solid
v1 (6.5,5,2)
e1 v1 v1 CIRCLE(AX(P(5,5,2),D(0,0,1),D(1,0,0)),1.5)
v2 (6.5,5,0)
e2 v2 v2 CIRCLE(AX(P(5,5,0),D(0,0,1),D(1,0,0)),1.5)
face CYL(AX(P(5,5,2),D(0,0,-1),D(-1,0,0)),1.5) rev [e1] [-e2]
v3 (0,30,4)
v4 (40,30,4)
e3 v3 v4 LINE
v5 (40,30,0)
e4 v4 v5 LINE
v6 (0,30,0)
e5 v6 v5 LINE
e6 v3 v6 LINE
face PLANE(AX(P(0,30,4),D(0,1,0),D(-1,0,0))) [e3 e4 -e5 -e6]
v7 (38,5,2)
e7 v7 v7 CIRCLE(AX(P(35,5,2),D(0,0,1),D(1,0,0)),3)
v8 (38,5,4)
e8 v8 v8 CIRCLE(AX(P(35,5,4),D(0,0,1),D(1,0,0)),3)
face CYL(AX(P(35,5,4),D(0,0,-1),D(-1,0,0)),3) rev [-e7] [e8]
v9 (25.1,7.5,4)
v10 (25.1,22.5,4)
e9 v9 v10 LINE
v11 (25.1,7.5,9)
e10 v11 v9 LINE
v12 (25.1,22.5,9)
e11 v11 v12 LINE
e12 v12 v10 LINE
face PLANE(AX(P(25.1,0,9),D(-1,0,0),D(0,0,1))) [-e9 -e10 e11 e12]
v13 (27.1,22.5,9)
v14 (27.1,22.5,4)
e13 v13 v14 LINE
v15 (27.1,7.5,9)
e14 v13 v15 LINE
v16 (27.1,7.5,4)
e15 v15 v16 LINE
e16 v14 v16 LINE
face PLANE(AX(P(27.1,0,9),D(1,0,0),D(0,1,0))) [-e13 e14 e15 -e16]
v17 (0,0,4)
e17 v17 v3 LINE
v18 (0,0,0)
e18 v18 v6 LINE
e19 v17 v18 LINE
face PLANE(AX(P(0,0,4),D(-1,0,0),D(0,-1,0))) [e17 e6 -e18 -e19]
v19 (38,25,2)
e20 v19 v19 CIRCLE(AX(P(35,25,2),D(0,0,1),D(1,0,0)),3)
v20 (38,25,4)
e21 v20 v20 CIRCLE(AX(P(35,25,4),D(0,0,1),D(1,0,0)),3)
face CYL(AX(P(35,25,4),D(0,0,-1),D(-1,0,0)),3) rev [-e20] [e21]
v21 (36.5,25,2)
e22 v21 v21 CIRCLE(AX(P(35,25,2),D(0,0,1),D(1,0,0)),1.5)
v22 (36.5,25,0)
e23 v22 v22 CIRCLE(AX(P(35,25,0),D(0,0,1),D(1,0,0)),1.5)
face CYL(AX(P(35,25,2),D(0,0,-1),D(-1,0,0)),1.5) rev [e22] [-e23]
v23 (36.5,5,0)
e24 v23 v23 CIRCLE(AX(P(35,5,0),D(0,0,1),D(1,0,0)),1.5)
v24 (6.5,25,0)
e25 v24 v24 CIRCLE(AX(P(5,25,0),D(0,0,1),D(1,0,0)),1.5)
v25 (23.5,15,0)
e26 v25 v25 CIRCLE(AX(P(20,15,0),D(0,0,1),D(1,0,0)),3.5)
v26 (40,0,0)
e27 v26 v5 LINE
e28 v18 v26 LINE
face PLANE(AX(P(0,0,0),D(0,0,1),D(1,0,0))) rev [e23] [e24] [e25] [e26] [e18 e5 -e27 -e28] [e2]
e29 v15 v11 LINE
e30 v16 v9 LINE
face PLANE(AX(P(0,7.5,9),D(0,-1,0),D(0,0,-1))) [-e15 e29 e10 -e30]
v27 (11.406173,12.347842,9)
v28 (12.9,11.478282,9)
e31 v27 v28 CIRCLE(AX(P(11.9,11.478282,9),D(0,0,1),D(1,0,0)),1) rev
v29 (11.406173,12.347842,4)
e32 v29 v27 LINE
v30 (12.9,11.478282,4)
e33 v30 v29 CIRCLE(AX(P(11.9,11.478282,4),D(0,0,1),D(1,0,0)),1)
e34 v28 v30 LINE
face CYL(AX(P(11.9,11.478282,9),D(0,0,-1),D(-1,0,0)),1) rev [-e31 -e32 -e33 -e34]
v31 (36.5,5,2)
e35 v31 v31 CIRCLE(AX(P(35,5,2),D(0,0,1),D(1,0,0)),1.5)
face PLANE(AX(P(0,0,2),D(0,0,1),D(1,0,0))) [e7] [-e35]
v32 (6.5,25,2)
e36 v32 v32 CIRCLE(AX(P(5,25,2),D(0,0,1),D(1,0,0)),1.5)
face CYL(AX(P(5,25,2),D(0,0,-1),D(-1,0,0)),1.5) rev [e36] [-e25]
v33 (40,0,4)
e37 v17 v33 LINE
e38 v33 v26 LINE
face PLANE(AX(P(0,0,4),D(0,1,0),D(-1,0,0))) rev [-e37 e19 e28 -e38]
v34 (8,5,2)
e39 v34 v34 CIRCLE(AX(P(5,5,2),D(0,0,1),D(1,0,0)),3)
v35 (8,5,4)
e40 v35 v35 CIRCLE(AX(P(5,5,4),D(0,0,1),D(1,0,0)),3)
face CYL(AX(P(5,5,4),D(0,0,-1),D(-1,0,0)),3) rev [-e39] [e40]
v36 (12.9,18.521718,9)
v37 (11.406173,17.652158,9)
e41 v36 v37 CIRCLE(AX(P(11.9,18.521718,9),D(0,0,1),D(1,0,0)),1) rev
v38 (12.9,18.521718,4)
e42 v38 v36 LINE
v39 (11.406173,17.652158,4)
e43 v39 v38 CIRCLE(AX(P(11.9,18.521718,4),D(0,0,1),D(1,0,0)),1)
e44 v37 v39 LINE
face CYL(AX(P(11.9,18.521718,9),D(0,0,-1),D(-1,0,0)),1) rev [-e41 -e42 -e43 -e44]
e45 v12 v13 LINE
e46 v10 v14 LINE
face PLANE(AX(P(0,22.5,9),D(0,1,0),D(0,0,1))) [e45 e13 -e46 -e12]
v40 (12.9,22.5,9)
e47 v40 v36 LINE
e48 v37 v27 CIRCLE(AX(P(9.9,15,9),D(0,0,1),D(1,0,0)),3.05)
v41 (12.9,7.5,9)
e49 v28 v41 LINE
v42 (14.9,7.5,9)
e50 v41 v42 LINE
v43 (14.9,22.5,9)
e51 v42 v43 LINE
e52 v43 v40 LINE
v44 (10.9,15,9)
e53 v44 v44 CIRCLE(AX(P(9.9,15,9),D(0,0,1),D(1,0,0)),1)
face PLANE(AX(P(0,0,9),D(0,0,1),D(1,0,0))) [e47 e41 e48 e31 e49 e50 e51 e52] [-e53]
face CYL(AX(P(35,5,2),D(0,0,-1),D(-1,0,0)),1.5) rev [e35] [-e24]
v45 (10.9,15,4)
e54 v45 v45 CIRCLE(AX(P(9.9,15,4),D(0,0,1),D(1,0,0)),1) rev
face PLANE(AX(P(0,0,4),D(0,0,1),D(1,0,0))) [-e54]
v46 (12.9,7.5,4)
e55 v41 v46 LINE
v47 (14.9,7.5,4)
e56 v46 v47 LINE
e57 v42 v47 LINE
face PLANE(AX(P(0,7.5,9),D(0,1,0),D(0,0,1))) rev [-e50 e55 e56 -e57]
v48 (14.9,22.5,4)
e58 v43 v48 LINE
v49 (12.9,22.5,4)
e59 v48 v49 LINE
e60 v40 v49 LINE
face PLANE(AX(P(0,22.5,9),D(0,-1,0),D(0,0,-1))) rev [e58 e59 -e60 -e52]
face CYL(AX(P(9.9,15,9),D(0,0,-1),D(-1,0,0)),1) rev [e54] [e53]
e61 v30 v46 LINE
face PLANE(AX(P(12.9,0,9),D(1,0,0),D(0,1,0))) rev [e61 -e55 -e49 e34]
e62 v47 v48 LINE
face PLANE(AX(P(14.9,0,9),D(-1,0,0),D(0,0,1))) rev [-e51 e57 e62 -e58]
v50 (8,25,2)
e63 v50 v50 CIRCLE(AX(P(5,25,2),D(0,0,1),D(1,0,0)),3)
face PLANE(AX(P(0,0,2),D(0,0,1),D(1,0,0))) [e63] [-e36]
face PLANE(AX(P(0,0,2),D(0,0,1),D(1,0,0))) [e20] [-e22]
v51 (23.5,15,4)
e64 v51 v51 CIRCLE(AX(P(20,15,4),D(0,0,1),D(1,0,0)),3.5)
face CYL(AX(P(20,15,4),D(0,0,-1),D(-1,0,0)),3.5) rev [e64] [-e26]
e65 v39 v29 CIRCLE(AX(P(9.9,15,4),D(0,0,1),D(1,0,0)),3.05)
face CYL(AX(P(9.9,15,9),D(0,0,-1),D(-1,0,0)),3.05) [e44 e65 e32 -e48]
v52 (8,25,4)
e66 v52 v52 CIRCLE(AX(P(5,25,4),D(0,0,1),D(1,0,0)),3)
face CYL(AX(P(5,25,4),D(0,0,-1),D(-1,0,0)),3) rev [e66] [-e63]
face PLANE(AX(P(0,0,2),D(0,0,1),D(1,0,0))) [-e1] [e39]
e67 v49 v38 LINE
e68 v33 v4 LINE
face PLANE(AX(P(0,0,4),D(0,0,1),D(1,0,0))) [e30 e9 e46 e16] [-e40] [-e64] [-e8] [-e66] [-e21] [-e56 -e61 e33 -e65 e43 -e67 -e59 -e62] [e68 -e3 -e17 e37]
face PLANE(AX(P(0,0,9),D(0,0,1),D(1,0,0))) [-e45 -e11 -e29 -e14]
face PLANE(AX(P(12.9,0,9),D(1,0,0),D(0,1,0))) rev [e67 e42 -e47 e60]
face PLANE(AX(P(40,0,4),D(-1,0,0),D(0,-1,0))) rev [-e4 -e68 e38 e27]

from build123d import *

# Parameters (mm, degrees)
SKIZZE1_W                       = 40
SKIZZE1_H                       = 30
SKIZZE1_R                       = 3
SKIZZE1_R_2                     = 3.5
AUFSATZ_LINEAR_AUSTRAGEN1_DEPTH = 4
SKIZZE1_3_R                     = 3
SKIZZE1_3_R_2                   = 1.5
AUFSATZ_LINEAR_AUSTRAGEN2_DEPTH = 2
SKIZZE2_R                       = 1
SKIZZE2_W                       = 2
SKIZZE2_H                       = 15
AUFSATZ_LINEAR_AUSTRAGEN5_DEPTH = 5
VERRUNDUNG1_R                   = 1


with BuildPart() as part:
    # Skizze1 → Aufsatz-Linear austragen1 (new body)
    with BuildSketch(Plane.XY):
        with Locations((20, 15)):
            Rectangle(SKIZZE1_W, SKIZZE1_H)
        with Locations((5, 5)):
            Circle(SKIZZE1_R, mode=Mode.SUBTRACT)
        with Locations((35, 5)):
            Circle(SKIZZE1_R, mode=Mode.SUBTRACT)
        with Locations((5, 25)):
            Circle(SKIZZE1_R, mode=Mode.SUBTRACT)
        with Locations((20, 15)):
            Circle(SKIZZE1_R_2, mode=Mode.SUBTRACT)
        with Locations((35, 25)):
            Circle(SKIZZE1_R, mode=Mode.SUBTRACT)
    extrude(amount=AUFSATZ_LINEAR_AUSTRAGEN1_DEPTH)

    # Skizze1_3 → Aufsatz-Linear austragen2 (add)
    # profile 1 of 4: a face of its own
    with BuildSketch(Plane.XY):
        with Locations((5, 25)):
            Circle(SKIZZE1_3_R)
        with Locations((5, 25)):
            Circle(SKIZZE1_3_R_2, mode=Mode.SUBTRACT)
    # profile 2 of 4: a face of its own
    with BuildSketch(Plane.XY):
        with Locations((35, 25)):
            Circle(SKIZZE1_3_R)
        with Locations((35, 25)):
            Circle(SKIZZE1_3_R_2, mode=Mode.SUBTRACT)
    # profile 3 of 4: a face of its own
    with BuildSketch(Plane.XY):
        with Locations((35, 5)):
            Circle(SKIZZE1_3_R)
        with Locations((35, 5)):
            Circle(SKIZZE1_3_R_2, mode=Mode.SUBTRACT)
    # profile 4 of 4: a face of its own
    with BuildSketch(Plane.XY):
        with Locations((5, 5)):
            Circle(SKIZZE1_3_R)
        with Locations((5, 5)):
            Circle(SKIZZE1_3_R_2, mode=Mode.SUBTRACT)
    extrude(amount=AUFSATZ_LINEAR_AUSTRAGEN2_DEPTH)

    # Skizze2 → Aufsatz-Linear austragen5 (add)
    # profile 1 of 2: a face of its own
    with BuildSketch(Plane.XY.offset(4)):
        with BuildLine():
            Line((14.9, 7.5), (14.9, 22.5))
            Line((14.9, 22.5), (12.9, 22.5))
            Line((12.9, 22.5), (12.9, 15.55))
            ThreePointArc((12.9, 15.55), (6.85, 15), (12.9, 14.45))
            Line((12.9, 14.45), (12.9, 7.5))
            Line((12.9, 7.5), (14.9, 7.5))
        make_face()
        with Locations((9.9, 15)):
            Circle(SKIZZE2_R, mode=Mode.SUBTRACT)
    # profile 2 of 2: a face of its own
    with BuildSketch(Plane.XY.offset(4)):
        with Locations((26.1, 15)):
            Rectangle(SKIZZE2_W, SKIZZE2_H)
    extrude(amount=AUFSATZ_LINEAR_AUSTRAGEN5_DEPTH)

    # Verrundung1
    verrundung1_edges = [part.edges().sort_by_distance(p)[0] for p in [
        (12.9, 15.55, 6.5),
        (12.9, 14.45, 6.5),
    ]]
    fillet(verrundung1_edges, radius=VERRUNDUNG1_R)


solid = part.part
